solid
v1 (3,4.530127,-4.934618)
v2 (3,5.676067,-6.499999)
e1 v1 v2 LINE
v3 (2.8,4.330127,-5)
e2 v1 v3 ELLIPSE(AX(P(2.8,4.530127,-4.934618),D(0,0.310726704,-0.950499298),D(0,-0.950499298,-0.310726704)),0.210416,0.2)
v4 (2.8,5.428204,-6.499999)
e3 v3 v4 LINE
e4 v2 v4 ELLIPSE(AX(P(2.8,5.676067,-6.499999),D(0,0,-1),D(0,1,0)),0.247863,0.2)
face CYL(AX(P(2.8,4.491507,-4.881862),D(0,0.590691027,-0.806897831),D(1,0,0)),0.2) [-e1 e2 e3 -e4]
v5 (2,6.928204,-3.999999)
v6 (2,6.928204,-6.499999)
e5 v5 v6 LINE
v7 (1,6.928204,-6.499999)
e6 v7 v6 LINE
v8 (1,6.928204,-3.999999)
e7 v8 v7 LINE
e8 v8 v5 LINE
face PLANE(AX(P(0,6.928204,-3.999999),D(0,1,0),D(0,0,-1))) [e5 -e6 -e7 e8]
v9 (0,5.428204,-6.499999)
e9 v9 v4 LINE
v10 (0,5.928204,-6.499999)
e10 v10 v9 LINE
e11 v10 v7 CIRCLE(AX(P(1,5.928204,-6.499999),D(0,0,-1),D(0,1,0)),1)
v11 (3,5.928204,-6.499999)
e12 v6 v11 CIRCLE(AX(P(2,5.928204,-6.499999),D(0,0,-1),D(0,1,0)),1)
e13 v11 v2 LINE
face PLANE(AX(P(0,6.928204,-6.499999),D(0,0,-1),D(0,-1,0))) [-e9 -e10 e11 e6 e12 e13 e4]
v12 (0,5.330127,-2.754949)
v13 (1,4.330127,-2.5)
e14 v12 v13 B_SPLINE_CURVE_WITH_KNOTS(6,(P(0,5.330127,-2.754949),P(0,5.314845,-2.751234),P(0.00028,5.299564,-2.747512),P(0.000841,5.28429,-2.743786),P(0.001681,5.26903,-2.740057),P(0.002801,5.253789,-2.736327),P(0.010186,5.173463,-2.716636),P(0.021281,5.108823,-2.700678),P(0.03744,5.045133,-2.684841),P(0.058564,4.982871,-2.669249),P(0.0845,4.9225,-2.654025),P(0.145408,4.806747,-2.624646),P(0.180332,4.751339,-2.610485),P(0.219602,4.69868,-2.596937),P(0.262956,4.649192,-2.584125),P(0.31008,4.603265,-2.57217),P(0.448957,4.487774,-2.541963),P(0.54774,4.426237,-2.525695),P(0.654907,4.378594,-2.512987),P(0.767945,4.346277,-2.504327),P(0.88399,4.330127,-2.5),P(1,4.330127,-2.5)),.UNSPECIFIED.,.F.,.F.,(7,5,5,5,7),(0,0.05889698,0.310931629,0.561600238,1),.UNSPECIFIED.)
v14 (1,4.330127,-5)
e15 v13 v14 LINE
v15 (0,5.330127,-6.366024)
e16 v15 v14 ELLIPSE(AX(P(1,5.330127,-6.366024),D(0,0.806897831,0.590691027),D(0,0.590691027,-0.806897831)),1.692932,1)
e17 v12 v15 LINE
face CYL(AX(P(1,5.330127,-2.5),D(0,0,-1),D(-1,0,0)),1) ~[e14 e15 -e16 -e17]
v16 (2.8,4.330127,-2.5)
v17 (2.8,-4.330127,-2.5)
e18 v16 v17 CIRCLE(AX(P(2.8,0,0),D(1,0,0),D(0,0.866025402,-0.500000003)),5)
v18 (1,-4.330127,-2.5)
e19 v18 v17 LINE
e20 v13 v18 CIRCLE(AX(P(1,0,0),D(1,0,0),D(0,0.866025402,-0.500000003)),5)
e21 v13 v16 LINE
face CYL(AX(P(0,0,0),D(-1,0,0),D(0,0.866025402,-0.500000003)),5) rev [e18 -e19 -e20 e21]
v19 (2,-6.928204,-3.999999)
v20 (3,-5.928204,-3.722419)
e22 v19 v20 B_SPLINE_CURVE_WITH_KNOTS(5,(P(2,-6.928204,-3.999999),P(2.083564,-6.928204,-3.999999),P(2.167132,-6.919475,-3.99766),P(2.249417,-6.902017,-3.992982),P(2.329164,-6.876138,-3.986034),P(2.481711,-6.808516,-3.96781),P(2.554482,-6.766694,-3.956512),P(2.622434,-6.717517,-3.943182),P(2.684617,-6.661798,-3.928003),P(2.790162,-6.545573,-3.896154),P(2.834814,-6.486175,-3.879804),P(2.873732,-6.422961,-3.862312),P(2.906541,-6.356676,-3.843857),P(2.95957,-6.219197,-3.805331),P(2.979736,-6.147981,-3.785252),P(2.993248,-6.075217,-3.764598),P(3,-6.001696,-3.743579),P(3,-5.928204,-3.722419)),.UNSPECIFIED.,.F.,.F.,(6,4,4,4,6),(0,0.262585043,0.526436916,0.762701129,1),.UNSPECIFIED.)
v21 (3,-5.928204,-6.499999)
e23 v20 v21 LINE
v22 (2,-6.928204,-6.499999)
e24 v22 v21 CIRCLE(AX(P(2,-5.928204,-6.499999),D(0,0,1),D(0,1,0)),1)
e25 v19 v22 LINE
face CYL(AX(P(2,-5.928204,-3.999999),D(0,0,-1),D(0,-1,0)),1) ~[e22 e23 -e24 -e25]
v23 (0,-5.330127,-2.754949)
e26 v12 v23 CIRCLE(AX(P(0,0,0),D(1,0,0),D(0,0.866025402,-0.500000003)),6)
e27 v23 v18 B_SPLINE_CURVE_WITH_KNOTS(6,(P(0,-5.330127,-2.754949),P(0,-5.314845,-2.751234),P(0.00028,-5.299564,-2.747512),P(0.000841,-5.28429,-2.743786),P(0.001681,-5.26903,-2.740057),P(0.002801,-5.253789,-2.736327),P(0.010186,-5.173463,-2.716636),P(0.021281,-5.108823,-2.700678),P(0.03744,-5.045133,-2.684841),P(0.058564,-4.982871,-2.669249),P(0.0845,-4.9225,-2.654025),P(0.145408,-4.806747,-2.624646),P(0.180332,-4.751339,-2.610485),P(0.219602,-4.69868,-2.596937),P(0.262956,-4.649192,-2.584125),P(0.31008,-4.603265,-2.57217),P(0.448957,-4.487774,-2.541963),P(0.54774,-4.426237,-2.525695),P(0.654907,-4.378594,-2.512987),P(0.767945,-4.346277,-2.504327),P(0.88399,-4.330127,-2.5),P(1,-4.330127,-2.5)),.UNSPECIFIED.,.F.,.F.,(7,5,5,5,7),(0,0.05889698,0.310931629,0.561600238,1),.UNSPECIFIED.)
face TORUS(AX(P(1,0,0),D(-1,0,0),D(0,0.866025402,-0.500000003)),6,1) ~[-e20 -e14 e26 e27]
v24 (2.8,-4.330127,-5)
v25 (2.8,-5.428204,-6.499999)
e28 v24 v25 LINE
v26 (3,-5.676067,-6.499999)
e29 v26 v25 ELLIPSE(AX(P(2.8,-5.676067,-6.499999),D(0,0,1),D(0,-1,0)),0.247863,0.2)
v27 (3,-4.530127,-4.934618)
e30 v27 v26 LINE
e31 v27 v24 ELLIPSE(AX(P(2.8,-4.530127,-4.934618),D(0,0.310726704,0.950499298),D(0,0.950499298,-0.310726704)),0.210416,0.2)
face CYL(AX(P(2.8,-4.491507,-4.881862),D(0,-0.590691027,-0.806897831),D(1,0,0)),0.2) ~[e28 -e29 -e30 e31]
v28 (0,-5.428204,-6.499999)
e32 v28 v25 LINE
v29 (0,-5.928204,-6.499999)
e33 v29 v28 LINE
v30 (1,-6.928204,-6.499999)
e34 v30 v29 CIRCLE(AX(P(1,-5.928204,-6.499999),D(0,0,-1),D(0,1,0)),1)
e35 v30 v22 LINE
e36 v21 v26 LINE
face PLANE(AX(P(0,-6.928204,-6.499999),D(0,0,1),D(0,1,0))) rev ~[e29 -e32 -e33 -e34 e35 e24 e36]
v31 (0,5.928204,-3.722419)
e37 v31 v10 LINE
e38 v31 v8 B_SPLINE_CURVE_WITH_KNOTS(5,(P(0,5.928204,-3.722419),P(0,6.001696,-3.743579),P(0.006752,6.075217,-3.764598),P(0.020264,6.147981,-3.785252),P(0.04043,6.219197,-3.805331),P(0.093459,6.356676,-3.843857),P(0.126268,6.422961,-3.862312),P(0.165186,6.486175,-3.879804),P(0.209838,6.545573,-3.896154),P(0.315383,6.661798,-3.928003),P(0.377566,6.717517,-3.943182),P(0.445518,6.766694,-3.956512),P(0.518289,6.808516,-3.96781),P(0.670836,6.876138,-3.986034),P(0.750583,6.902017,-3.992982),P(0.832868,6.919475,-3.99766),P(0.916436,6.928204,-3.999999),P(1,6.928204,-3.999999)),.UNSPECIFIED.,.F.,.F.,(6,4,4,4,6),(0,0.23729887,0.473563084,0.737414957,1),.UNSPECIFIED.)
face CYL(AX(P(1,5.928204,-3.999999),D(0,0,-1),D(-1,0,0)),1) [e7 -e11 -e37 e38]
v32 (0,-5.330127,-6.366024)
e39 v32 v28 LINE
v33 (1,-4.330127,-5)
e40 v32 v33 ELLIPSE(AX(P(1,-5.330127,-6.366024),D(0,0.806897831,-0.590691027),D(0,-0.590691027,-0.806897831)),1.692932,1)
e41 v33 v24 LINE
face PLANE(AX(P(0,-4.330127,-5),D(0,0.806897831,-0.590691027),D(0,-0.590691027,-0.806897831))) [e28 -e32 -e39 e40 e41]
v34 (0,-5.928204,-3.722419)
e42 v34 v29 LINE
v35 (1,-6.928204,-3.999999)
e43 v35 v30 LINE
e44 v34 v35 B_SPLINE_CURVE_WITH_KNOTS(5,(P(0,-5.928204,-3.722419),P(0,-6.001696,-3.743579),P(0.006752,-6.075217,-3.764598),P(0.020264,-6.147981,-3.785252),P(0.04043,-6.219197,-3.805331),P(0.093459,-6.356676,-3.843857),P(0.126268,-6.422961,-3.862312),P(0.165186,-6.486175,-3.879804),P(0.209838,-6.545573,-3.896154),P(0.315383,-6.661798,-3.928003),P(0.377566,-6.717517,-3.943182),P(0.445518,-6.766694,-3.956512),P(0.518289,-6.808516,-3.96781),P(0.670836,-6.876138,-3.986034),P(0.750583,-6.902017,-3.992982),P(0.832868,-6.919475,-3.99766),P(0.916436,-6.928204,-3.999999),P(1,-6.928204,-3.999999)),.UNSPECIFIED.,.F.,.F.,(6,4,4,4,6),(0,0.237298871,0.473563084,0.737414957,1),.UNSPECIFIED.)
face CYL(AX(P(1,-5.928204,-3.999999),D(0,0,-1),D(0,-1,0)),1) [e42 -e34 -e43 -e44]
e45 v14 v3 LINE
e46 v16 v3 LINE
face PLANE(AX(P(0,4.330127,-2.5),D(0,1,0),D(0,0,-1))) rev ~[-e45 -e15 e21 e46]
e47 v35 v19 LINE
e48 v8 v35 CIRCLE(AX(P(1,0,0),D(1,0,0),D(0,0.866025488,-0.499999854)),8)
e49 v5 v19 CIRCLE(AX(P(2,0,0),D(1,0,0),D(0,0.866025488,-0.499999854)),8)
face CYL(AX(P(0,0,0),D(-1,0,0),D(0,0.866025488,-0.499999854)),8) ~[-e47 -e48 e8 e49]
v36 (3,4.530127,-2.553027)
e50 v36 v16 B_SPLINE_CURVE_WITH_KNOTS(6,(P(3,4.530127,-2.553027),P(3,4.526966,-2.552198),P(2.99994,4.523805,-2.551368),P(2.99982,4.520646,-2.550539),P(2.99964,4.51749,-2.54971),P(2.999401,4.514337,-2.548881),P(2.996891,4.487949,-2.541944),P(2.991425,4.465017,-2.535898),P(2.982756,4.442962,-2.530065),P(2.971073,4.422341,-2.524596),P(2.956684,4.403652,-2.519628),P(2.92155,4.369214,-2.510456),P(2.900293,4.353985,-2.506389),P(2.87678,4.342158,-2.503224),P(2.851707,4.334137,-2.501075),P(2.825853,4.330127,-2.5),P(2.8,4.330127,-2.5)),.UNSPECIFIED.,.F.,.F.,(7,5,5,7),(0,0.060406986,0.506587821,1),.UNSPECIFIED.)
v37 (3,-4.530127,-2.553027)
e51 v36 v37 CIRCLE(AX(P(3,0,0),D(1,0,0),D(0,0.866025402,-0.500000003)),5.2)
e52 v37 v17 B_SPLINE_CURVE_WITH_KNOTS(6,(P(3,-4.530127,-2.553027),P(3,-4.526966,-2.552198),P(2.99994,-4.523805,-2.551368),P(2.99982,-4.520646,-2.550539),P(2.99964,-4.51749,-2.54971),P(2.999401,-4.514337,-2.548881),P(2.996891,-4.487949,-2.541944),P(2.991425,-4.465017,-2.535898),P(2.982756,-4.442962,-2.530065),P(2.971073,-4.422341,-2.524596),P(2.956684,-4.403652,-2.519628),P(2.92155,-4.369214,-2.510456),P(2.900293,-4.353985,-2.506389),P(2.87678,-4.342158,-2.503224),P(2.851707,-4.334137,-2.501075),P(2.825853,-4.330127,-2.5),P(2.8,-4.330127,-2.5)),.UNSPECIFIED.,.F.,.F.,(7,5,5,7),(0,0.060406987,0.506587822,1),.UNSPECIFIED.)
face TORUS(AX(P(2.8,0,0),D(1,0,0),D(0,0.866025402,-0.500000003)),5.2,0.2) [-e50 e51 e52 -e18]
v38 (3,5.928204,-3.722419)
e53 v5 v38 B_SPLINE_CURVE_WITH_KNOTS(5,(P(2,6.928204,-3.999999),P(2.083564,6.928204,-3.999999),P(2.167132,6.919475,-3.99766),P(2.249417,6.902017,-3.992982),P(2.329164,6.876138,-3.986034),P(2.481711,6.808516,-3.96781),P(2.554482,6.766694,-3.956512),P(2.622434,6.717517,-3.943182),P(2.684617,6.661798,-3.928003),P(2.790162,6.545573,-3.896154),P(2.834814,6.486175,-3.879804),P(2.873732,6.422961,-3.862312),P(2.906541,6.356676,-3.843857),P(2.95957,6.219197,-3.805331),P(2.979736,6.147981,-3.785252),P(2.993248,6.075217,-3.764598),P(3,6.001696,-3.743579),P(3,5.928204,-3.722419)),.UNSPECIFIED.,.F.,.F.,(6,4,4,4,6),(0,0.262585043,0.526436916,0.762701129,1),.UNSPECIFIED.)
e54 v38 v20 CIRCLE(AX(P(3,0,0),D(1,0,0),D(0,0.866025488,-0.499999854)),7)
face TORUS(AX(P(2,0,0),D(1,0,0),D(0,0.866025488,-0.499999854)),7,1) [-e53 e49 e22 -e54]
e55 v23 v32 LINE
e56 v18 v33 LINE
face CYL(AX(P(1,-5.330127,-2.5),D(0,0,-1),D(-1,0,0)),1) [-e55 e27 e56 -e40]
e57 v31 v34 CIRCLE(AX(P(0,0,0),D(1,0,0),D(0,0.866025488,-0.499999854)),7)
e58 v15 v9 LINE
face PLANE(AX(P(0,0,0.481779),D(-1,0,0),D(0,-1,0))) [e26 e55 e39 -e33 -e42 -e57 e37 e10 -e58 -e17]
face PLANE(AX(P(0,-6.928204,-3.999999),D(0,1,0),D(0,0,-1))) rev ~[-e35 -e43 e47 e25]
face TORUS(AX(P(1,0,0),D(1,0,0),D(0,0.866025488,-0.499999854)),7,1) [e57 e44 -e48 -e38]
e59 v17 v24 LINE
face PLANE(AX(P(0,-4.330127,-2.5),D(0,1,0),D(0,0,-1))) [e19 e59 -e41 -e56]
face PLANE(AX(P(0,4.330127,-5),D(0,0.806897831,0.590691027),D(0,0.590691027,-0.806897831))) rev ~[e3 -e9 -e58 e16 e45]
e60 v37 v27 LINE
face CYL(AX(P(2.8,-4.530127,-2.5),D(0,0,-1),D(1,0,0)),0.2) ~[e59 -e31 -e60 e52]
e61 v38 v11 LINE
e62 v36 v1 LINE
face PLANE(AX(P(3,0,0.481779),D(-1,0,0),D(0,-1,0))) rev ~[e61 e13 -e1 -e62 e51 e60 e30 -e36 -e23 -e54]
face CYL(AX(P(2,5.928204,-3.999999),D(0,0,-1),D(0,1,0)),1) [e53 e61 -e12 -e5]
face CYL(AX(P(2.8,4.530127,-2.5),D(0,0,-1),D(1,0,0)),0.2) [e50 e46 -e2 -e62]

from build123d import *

# Parameters (mm, degrees)
PAD_DEPTH   = 3
FILLET_R    = 1
FILLET001_R = 0.2
FILLET002_R = 1


with BuildPart() as part:
    # Sketch → Pad (new body)
    with BuildSketch(Plane.YZ):
        with BuildLine():
            ThreePointArc((4.330127, -2.5), (0, 5), (-4.330127, -2.5))
            Line((-4.330127, -2.5), (-4.330127, -5))
            Line((-4.330127, -5), (-5.428204, -6.499999))
            Line((-6.928204, -6.499999), (-5.428204, -6.499999))
            Line((-6.928204, -3.999999), (-6.928204, -6.499999))
            ThreePointArc((6.928204, -3.999999), (0, 8), (-6.928204, -3.999999))
            Line((6.928204, -3.999999), (6.928204, -6.499999))
            Line((6.928204, -6.499999), (5.428204, -6.499999))
            Line((4.330127, -5), (5.428204, -6.499999))
            Line((4.330127, -2.5), (4.330127, -5))
        make_face()
    extrude(amount=PAD_DEPTH)

    # Fillet
    fillet_edges = [part.edges().sort_by_distance(p)[0] for p in [
        (3, -6.928204, -5.249999),
        (3, 0, 8),
        (3, 6.928204, -5.249999),
    ]]
    fillet(fillet_edges, radius=FILLET_R)

    # Fillet001
    fillet001_edges = [part.edges().sort_by_distance(p)[0] for p in [
        (3, 0, 5),
        (3, -4.330127, -3.75),
        (3, -4.879165, -5.749999),
        (3, 4.330127, -3.75),
        (3, 4.879165, -5.749999),
    ]]
    fillet(fillet001_edges, radius=FILLET001_R)

    # Fillet002
    fillet002_edges = [part.edges().sort_by_distance(p)[0] for p in [
        (0, 0, 8),
        (0, 6.928204, -5.249999),
        (0, 4.330127, -3.75),
        (0, 0, 5),
        (0, -4.330127, -3.75),
        (0, -6.928204, -5.249999),
    ]]
    fillet(fillet002_edges, radius=FILLET002_R)


solid = part.part
